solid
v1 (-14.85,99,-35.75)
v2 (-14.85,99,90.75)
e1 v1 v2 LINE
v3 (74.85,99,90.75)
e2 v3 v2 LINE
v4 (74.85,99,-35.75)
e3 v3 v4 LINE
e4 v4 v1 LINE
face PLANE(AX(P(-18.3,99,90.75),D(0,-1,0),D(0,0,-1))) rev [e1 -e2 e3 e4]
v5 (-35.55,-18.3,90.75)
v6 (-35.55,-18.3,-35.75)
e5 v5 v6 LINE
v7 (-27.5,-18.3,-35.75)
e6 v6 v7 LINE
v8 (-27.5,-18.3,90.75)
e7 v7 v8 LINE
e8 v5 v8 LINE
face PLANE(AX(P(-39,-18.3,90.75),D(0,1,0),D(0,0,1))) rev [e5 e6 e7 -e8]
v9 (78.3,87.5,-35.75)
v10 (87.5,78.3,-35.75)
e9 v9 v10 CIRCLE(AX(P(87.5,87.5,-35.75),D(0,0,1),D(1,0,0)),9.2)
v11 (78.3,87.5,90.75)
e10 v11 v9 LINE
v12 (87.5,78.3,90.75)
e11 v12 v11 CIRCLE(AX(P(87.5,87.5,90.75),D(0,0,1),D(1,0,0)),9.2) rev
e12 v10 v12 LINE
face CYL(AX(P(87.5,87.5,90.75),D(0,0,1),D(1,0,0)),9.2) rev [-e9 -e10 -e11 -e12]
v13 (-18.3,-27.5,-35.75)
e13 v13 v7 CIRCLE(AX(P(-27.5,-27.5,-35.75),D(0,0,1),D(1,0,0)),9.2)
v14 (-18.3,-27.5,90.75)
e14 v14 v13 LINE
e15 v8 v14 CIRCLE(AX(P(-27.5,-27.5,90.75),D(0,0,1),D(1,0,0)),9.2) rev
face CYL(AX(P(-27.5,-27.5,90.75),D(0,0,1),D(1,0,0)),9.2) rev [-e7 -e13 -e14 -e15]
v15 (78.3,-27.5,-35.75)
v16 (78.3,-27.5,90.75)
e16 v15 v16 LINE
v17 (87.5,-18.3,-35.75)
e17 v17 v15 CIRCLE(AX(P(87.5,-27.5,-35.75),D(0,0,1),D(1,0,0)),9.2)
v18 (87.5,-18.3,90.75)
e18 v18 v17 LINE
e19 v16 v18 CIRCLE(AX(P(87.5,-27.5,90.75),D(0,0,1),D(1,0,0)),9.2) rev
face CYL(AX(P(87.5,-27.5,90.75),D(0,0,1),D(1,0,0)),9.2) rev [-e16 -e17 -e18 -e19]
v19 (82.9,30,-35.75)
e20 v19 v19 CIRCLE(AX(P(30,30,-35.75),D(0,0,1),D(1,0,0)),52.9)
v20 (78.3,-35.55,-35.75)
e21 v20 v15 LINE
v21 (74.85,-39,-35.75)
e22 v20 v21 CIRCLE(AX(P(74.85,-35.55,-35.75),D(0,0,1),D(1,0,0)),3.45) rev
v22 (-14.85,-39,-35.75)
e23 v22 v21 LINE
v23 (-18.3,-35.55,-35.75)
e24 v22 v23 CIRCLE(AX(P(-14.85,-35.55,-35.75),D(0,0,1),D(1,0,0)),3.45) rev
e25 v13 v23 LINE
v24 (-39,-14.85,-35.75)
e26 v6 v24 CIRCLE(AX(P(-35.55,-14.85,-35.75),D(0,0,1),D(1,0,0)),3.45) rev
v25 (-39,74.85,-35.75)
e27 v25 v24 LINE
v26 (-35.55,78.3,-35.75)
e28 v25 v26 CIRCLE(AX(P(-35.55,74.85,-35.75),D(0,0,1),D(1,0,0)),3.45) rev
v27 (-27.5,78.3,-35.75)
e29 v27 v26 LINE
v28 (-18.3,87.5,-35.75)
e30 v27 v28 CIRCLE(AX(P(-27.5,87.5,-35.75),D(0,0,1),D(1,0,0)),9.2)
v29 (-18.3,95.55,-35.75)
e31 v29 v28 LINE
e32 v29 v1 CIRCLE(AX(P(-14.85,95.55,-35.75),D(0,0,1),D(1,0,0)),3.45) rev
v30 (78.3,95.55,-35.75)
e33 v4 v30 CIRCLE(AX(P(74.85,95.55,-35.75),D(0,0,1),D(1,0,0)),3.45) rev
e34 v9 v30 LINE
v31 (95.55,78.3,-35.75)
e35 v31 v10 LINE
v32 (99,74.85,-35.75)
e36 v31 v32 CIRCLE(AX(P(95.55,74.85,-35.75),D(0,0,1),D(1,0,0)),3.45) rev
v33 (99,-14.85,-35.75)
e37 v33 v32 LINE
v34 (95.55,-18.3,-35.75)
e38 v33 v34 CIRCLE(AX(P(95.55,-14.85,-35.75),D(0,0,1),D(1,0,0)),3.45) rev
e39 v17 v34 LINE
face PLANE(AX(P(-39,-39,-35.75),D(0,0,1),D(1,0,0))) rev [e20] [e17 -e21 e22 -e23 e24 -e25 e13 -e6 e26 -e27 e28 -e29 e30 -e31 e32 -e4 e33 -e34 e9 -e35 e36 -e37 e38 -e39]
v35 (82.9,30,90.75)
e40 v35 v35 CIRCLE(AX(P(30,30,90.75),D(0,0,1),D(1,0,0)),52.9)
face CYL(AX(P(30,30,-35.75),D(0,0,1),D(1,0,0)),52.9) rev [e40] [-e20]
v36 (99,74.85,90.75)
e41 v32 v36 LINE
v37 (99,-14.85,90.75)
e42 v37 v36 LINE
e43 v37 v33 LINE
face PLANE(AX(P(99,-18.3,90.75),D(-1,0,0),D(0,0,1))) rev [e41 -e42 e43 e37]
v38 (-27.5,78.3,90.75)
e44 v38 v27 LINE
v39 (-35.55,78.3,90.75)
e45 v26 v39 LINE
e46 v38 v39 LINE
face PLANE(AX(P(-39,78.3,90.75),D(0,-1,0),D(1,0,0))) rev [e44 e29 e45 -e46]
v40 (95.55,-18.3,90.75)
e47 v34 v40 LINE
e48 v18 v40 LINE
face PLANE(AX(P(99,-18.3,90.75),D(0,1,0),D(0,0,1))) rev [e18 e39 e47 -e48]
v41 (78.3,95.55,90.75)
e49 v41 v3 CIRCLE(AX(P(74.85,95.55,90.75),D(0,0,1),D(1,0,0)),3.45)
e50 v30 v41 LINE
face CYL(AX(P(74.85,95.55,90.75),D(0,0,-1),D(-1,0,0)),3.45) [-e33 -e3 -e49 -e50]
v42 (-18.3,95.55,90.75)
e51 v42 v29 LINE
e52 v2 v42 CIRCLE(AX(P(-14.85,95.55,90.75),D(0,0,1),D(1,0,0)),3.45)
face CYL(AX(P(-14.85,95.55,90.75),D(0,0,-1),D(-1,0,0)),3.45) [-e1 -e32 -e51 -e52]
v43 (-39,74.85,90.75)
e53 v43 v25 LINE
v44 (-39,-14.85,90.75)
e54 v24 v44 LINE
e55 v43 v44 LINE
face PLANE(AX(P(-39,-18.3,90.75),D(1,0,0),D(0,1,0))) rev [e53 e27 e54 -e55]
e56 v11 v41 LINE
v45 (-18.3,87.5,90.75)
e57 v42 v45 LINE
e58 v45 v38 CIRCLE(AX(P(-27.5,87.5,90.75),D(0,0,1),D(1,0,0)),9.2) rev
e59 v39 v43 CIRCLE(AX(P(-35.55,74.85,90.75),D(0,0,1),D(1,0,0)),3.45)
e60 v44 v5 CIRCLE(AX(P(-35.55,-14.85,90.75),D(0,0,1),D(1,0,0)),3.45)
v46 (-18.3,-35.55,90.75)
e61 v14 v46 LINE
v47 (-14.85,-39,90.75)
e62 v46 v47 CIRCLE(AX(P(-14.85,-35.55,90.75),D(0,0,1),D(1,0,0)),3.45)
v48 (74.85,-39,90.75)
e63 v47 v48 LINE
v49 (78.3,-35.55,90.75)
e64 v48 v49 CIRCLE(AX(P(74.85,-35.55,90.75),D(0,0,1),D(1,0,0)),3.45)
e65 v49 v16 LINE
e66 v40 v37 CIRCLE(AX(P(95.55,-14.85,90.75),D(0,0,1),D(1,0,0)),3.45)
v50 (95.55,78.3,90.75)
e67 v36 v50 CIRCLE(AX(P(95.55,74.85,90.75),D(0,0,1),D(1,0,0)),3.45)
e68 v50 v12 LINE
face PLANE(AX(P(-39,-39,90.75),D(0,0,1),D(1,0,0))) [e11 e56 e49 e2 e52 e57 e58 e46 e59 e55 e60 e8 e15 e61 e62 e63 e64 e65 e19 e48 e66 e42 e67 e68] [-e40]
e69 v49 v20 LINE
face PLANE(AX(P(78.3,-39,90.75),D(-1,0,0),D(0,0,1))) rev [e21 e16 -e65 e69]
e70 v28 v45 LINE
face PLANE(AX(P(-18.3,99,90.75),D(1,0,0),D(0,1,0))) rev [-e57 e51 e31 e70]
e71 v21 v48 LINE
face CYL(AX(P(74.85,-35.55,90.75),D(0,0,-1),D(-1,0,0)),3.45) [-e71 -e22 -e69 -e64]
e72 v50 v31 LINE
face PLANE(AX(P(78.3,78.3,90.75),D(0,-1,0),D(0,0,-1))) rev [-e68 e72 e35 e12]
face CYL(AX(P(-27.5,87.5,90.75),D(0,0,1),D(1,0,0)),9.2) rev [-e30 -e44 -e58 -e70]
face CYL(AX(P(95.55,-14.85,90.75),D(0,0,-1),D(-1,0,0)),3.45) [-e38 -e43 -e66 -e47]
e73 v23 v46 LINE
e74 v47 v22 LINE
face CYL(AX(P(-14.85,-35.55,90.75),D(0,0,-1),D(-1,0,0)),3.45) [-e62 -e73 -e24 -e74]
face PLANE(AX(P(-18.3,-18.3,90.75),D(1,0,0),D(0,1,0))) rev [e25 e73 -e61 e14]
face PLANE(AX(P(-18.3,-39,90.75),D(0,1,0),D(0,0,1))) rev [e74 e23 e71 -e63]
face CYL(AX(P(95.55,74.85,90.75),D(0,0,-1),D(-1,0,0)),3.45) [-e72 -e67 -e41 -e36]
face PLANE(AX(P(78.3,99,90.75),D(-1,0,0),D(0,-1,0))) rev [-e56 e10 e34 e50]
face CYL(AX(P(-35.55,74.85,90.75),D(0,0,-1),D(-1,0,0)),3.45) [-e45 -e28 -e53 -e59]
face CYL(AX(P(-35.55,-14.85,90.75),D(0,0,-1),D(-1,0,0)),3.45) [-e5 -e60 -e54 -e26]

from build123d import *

# Parameters (mm, degrees)
BOSS_EXTRUDE1_DEPTH = 55
FILLET1_R           = 4
FILLET2_R           = 1.5
SKETCH2_R           = 23
CUT_EXTRUDE1_DEPTH  = 102.118742081
SCALE1_SCALE        = 2.3


with BuildPart() as part:
    # Sketch1 → Boss-Extrude1 (new body)
    with BuildSketch(Plane.XY):
        Polygon((9, 0), (51, 0), (51, 9), (60, 9), (60, 51), (51, 51), (51, 60), (9, 60), (9, 51), (0, 51), (0, 9), (9, 9), align=None)
    extrude(amount=BOSS_EXTRUDE1_DEPTH)

    # Fillet1
    fillet1_edges = [part.edges().sort_by_distance(p)[0] for p in [
        (9, 9, 27.5),
        (9, 51, 27.5),
        (51, 51, 27.5),
        (51, 9, 27.5),
    ]]
    fillet(fillet1_edges, radius=FILLET1_R)

    # Fillet2
    fillet2_edges = [part.edges().sort_by_distance(p)[0] for p in [
        (51, 0, 27.5),
        (9, 0, 27.5),
        (0, 9, 27.5),
        (0, 51, 27.5),
        (9, 60, 27.5),
        (51, 60, 27.5),
        (60, 51, 27.5),
        (60, 9, 27.5),
    ]]
    fillet(fillet2_edges, radius=FILLET2_R)

    # Sketch2 → Cut-Extrude1 (cut, through all)
    with BuildSketch(Plane.XY.offset(55)):
        with Locations((30, 30)):
            Circle(SKETCH2_R)
    extrude(amount=-CUT_EXTRUDE1_DEPTH, mode=Mode.SUBTRACT)


with BuildPart() as part_1:
    # Scale1: scaled about (30, 30, 27.5)
    add(part.part.scale(SCALE1_SCALE).moved(Location((-39, -39, -35.75))))


solid = part_1.part
